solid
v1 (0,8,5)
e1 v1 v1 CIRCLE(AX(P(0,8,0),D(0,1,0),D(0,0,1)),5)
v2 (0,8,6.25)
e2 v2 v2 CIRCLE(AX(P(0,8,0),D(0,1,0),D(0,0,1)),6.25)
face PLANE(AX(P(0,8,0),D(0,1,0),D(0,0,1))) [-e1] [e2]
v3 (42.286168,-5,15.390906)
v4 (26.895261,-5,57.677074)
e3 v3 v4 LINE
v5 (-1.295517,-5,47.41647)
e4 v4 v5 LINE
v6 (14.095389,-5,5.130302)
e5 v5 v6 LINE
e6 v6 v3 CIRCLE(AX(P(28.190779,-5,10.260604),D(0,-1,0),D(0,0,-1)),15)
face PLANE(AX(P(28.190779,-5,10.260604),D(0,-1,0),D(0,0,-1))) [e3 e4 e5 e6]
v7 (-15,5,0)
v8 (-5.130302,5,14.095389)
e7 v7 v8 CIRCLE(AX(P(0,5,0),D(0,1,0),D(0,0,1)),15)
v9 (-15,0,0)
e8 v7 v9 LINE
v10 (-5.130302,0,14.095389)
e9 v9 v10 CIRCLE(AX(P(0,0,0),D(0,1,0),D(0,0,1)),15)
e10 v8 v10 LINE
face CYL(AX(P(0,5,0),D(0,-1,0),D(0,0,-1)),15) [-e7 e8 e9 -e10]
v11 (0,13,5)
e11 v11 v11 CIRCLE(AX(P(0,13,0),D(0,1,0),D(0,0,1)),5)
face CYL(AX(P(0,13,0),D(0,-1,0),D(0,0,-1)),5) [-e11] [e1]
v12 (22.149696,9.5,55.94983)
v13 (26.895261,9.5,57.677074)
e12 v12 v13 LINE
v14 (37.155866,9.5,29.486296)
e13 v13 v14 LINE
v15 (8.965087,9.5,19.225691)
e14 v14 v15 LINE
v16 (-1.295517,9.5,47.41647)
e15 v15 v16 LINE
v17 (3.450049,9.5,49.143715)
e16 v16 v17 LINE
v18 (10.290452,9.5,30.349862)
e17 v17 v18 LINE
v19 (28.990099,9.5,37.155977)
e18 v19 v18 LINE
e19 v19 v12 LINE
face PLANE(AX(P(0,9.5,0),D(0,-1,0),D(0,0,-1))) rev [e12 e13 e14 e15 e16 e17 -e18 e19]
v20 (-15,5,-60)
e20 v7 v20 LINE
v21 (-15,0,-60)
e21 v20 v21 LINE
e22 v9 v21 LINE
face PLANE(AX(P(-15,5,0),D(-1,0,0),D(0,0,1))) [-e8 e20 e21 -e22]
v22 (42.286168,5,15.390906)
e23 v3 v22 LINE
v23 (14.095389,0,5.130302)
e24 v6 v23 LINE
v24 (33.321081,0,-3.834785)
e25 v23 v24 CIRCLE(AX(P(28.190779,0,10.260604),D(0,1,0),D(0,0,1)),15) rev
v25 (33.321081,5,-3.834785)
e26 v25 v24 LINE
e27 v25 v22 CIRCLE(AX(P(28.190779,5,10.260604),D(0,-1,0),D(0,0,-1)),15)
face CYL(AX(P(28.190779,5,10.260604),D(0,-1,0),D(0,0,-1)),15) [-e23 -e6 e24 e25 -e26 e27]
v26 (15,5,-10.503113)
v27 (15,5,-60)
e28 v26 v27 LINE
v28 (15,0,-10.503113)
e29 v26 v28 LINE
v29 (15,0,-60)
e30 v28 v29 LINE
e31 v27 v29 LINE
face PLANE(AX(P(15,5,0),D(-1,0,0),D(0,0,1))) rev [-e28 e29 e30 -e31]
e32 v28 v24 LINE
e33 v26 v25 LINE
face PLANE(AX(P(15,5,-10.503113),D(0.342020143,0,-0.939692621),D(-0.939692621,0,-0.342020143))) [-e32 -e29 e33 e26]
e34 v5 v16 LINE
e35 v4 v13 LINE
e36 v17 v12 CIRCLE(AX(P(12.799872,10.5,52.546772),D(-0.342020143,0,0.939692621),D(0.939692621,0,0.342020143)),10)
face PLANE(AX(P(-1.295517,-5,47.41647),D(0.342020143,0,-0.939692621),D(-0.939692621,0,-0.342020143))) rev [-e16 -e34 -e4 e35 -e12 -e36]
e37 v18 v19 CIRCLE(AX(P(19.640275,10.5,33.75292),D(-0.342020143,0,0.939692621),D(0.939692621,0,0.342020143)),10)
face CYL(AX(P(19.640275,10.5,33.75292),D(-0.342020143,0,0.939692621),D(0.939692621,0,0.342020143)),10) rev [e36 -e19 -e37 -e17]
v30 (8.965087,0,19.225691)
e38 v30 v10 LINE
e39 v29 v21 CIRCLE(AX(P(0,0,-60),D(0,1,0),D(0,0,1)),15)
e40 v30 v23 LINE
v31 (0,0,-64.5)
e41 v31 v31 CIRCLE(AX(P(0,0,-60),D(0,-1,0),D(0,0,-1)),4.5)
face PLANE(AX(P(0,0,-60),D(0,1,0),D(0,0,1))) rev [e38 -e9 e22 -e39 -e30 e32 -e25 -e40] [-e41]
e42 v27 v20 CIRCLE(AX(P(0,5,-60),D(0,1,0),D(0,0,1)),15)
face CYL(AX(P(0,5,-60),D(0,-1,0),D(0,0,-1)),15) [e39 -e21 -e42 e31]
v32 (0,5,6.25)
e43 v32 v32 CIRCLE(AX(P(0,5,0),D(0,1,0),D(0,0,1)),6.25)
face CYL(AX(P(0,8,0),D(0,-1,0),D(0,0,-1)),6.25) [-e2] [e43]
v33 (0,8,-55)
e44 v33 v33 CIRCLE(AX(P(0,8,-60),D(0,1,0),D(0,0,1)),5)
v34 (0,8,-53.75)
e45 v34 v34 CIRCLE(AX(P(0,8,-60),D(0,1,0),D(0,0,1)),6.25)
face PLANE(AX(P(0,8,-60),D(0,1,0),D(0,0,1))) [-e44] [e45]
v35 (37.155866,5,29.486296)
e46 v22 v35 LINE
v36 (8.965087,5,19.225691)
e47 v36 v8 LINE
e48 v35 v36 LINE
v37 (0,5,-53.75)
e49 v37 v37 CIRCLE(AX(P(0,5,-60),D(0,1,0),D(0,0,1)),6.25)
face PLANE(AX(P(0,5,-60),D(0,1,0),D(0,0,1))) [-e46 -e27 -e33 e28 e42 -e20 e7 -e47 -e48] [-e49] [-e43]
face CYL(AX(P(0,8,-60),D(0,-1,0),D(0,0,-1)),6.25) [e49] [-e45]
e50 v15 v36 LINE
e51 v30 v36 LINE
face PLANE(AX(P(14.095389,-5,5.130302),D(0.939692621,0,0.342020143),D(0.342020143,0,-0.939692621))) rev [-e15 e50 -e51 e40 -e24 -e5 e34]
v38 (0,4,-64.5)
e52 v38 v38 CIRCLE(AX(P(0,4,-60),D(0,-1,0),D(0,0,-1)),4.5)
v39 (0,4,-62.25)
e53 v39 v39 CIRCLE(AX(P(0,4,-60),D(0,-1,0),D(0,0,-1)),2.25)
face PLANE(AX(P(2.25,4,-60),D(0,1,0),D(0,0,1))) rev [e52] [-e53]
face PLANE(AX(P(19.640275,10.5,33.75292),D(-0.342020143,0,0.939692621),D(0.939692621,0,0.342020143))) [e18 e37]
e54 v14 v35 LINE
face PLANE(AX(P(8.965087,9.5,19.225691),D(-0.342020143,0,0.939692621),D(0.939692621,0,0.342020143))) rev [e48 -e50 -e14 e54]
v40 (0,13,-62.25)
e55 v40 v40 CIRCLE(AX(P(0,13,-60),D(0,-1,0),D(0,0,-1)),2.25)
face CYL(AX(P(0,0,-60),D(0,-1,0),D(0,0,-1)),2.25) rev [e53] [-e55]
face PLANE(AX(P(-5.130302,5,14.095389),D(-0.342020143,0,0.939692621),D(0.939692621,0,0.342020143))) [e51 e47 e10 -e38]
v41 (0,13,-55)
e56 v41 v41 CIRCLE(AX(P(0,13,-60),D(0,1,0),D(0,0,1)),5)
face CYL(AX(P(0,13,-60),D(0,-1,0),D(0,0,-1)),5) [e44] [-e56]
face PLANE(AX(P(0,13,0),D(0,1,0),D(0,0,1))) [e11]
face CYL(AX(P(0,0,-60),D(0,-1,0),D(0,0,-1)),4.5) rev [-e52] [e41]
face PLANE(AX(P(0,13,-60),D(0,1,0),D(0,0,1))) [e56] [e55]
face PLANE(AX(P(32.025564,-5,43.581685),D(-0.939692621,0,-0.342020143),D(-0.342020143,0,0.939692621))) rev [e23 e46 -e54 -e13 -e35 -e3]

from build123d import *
from build123d.topology import SkipClean

# Parameters (mm, degrees)
EXTRUDE_1_DEPTH              = 5
SKETCH_2_R                   = 6.25
EXTRUDE_2_DEPTH              = 3
SKETCH_3_R                   = 5
EXTRUDE_3_DEPTH              = 5
HOLE_WIZARD_M4_1_D           = 4.5
HOLE_WIZARD_M4_1_CBORE_D     = 9
HOLE_WIZARD_M4_1_CBORE_DEPTH = 4
EXTRUDE_4_DEPTH              = 5
EXTRUDE_5_DEPTH              = 5
EXTRUDE_5_DEPTH_BACK         = 5
EXTRUDE_6_DEPTH              = 4.5
SKETCH_15_R                  = 10
CUT_EXTRUDE_2_DEPTH          = 20


with BuildPart() as part:
    # 스케치1 → 보스-돌출1 (new body)
    with BuildSketch(Plane(origin=(0, 0, 0), x_dir=(1, 0, 0), z_dir=(0, 1, 0))):
        with BuildLine():
            Line((-15, 0), (-15, 60))
            ThreePointArc((-15, 60), (0, 75), (15, 60))
            Line((15, 60), (15, 0))
            ThreePointArc((15, 0), (0, -15), (-15, 0))
        make_face()
    extrude(amount=EXTRUDE_1_DEPTH)

    # 스케치2 → 보스-돌출2 (add)
    with BuildSketch(Plane(origin=(0, 5, 0), x_dir=(1, 0, 0), z_dir=(0, 1, 0))):
        with Locations((0, 60)):
            Circle(SKETCH_2_R)
        Circle(SKETCH_2_R)
    extrude(amount=EXTRUDE_2_DEPTH)

    # 스케치3 → 보스-돌출3 (add)
    with BuildSketch(Plane(origin=(0, 8, 0), x_dir=(1, 0, 0), z_dir=(0, 1, 0))):
        with Locations((0, 60)):
            Circle(SKETCH_3_R)
        Circle(SKETCH_3_R)
    extrude(amount=EXTRUDE_3_DEPTH)

    # M4 남비 머리 나사용 카운터보어1 (through all)
    with Locations(Plane(origin=(0, 0, 0), x_dir=(-1, 0, 0), z_dir=(0, -1, 0))):
        with Locations((0, 60), (0, -25)):
            CounterBoreHole(HOLE_WIZARD_M4_1_D / 2, HOLE_WIZARD_M4_1_CBORE_D / 2, HOLE_WIZARD_M4_1_CBORE_DEPTH)

    # 스케치8 → 보스-돌출4 (add)
    with BuildSketch(Plane.XZ):
        with BuildLine():
            Line((-5.13030215, 14.095389312), (23.060476474, 24.355993612))
            ThreePointArc((23.060476474, 24.355993612), (42.286167935, 15.39090645), (33.321080773, -3.834785012))
            Line((33.321080773, -3.834785012), (15, -10.503113073))
            Line((15, -10.503113073), (15, 0))
            ThreePointArc((15, 0), (8.603646545, 12.287280664), (-5.13030215, 14.095389312))
        make_face()
    extrude(amount=-EXTRUDE_4_DEPTH)

    # 스케치9 → 보스-돌출5 (add, two sides: drawn at the far end of the back side and taken through both)
    with SkipClean():  # the faces are left unmerged after this step: merging them gives an invalid solid
        with BuildSketch(Plane.XZ.offset(-EXTRUDE_5_DEPTH_BACK)):
            with BuildLine():
                Line((14.095389312, 5.13030215), (3.834785012, 33.321080773))
                Line((3.834785012, 33.321080773), (-1.295517138, 47.416470085))
                Line((-1.295517138, 47.416470085), (26.895261486, 57.677074385))
                Line((26.895261486, 57.677074385), (32.025563636, 43.581685073))
                Line((32.025563636, 43.581685073), (42.286167935, 15.39090645))
                ThreePointArc((42.286167935, 15.39090645), (33.321080773, -3.834785012), (14.095389312, 5.13030215))
            make_face()
        extrude(amount=EXTRUDE_5_DEPTH + EXTRUDE_5_DEPTH_BACK)

    # 스케치13 → 보스-돌출6 (add)
    with SkipClean():  # the faces are left unmerged after this step: merging them gives an invalid solid
        with BuildSketch(Plane(origin=(0, 5, 0), x_dir=(1, 0, 0), z_dir=(0, 1, 0))):
            Polygon((37.155865785, -29.486295761), (26.895261486, -57.677074385), (-1.295517138, -47.416470085), (8.965087162, -19.225691462), align=None)
        extrude(amount=EXTRUDE_6_DEPTH)

    # 스케치15 → 컷-돌출2 (cut)
    with SkipClean():  # the faces are left unmerged after this step: merging them gives an invalid solid
        with BuildSketch(Plane(origin=(-15.39090645, 0, 42.286167935), x_dir=(0.9396926207859084, 0, 0.3420201433256689), z_dir=(-0.3420201433256689, 0, 0.9396926207859084))):
            with Locations((30, 10.5)):
                Circle(SKETCH_15_R)
        extrude(amount=-CUT_EXTRUDE_2_DEPTH, mode=Mode.SUBTRACT)


solid = part.part
